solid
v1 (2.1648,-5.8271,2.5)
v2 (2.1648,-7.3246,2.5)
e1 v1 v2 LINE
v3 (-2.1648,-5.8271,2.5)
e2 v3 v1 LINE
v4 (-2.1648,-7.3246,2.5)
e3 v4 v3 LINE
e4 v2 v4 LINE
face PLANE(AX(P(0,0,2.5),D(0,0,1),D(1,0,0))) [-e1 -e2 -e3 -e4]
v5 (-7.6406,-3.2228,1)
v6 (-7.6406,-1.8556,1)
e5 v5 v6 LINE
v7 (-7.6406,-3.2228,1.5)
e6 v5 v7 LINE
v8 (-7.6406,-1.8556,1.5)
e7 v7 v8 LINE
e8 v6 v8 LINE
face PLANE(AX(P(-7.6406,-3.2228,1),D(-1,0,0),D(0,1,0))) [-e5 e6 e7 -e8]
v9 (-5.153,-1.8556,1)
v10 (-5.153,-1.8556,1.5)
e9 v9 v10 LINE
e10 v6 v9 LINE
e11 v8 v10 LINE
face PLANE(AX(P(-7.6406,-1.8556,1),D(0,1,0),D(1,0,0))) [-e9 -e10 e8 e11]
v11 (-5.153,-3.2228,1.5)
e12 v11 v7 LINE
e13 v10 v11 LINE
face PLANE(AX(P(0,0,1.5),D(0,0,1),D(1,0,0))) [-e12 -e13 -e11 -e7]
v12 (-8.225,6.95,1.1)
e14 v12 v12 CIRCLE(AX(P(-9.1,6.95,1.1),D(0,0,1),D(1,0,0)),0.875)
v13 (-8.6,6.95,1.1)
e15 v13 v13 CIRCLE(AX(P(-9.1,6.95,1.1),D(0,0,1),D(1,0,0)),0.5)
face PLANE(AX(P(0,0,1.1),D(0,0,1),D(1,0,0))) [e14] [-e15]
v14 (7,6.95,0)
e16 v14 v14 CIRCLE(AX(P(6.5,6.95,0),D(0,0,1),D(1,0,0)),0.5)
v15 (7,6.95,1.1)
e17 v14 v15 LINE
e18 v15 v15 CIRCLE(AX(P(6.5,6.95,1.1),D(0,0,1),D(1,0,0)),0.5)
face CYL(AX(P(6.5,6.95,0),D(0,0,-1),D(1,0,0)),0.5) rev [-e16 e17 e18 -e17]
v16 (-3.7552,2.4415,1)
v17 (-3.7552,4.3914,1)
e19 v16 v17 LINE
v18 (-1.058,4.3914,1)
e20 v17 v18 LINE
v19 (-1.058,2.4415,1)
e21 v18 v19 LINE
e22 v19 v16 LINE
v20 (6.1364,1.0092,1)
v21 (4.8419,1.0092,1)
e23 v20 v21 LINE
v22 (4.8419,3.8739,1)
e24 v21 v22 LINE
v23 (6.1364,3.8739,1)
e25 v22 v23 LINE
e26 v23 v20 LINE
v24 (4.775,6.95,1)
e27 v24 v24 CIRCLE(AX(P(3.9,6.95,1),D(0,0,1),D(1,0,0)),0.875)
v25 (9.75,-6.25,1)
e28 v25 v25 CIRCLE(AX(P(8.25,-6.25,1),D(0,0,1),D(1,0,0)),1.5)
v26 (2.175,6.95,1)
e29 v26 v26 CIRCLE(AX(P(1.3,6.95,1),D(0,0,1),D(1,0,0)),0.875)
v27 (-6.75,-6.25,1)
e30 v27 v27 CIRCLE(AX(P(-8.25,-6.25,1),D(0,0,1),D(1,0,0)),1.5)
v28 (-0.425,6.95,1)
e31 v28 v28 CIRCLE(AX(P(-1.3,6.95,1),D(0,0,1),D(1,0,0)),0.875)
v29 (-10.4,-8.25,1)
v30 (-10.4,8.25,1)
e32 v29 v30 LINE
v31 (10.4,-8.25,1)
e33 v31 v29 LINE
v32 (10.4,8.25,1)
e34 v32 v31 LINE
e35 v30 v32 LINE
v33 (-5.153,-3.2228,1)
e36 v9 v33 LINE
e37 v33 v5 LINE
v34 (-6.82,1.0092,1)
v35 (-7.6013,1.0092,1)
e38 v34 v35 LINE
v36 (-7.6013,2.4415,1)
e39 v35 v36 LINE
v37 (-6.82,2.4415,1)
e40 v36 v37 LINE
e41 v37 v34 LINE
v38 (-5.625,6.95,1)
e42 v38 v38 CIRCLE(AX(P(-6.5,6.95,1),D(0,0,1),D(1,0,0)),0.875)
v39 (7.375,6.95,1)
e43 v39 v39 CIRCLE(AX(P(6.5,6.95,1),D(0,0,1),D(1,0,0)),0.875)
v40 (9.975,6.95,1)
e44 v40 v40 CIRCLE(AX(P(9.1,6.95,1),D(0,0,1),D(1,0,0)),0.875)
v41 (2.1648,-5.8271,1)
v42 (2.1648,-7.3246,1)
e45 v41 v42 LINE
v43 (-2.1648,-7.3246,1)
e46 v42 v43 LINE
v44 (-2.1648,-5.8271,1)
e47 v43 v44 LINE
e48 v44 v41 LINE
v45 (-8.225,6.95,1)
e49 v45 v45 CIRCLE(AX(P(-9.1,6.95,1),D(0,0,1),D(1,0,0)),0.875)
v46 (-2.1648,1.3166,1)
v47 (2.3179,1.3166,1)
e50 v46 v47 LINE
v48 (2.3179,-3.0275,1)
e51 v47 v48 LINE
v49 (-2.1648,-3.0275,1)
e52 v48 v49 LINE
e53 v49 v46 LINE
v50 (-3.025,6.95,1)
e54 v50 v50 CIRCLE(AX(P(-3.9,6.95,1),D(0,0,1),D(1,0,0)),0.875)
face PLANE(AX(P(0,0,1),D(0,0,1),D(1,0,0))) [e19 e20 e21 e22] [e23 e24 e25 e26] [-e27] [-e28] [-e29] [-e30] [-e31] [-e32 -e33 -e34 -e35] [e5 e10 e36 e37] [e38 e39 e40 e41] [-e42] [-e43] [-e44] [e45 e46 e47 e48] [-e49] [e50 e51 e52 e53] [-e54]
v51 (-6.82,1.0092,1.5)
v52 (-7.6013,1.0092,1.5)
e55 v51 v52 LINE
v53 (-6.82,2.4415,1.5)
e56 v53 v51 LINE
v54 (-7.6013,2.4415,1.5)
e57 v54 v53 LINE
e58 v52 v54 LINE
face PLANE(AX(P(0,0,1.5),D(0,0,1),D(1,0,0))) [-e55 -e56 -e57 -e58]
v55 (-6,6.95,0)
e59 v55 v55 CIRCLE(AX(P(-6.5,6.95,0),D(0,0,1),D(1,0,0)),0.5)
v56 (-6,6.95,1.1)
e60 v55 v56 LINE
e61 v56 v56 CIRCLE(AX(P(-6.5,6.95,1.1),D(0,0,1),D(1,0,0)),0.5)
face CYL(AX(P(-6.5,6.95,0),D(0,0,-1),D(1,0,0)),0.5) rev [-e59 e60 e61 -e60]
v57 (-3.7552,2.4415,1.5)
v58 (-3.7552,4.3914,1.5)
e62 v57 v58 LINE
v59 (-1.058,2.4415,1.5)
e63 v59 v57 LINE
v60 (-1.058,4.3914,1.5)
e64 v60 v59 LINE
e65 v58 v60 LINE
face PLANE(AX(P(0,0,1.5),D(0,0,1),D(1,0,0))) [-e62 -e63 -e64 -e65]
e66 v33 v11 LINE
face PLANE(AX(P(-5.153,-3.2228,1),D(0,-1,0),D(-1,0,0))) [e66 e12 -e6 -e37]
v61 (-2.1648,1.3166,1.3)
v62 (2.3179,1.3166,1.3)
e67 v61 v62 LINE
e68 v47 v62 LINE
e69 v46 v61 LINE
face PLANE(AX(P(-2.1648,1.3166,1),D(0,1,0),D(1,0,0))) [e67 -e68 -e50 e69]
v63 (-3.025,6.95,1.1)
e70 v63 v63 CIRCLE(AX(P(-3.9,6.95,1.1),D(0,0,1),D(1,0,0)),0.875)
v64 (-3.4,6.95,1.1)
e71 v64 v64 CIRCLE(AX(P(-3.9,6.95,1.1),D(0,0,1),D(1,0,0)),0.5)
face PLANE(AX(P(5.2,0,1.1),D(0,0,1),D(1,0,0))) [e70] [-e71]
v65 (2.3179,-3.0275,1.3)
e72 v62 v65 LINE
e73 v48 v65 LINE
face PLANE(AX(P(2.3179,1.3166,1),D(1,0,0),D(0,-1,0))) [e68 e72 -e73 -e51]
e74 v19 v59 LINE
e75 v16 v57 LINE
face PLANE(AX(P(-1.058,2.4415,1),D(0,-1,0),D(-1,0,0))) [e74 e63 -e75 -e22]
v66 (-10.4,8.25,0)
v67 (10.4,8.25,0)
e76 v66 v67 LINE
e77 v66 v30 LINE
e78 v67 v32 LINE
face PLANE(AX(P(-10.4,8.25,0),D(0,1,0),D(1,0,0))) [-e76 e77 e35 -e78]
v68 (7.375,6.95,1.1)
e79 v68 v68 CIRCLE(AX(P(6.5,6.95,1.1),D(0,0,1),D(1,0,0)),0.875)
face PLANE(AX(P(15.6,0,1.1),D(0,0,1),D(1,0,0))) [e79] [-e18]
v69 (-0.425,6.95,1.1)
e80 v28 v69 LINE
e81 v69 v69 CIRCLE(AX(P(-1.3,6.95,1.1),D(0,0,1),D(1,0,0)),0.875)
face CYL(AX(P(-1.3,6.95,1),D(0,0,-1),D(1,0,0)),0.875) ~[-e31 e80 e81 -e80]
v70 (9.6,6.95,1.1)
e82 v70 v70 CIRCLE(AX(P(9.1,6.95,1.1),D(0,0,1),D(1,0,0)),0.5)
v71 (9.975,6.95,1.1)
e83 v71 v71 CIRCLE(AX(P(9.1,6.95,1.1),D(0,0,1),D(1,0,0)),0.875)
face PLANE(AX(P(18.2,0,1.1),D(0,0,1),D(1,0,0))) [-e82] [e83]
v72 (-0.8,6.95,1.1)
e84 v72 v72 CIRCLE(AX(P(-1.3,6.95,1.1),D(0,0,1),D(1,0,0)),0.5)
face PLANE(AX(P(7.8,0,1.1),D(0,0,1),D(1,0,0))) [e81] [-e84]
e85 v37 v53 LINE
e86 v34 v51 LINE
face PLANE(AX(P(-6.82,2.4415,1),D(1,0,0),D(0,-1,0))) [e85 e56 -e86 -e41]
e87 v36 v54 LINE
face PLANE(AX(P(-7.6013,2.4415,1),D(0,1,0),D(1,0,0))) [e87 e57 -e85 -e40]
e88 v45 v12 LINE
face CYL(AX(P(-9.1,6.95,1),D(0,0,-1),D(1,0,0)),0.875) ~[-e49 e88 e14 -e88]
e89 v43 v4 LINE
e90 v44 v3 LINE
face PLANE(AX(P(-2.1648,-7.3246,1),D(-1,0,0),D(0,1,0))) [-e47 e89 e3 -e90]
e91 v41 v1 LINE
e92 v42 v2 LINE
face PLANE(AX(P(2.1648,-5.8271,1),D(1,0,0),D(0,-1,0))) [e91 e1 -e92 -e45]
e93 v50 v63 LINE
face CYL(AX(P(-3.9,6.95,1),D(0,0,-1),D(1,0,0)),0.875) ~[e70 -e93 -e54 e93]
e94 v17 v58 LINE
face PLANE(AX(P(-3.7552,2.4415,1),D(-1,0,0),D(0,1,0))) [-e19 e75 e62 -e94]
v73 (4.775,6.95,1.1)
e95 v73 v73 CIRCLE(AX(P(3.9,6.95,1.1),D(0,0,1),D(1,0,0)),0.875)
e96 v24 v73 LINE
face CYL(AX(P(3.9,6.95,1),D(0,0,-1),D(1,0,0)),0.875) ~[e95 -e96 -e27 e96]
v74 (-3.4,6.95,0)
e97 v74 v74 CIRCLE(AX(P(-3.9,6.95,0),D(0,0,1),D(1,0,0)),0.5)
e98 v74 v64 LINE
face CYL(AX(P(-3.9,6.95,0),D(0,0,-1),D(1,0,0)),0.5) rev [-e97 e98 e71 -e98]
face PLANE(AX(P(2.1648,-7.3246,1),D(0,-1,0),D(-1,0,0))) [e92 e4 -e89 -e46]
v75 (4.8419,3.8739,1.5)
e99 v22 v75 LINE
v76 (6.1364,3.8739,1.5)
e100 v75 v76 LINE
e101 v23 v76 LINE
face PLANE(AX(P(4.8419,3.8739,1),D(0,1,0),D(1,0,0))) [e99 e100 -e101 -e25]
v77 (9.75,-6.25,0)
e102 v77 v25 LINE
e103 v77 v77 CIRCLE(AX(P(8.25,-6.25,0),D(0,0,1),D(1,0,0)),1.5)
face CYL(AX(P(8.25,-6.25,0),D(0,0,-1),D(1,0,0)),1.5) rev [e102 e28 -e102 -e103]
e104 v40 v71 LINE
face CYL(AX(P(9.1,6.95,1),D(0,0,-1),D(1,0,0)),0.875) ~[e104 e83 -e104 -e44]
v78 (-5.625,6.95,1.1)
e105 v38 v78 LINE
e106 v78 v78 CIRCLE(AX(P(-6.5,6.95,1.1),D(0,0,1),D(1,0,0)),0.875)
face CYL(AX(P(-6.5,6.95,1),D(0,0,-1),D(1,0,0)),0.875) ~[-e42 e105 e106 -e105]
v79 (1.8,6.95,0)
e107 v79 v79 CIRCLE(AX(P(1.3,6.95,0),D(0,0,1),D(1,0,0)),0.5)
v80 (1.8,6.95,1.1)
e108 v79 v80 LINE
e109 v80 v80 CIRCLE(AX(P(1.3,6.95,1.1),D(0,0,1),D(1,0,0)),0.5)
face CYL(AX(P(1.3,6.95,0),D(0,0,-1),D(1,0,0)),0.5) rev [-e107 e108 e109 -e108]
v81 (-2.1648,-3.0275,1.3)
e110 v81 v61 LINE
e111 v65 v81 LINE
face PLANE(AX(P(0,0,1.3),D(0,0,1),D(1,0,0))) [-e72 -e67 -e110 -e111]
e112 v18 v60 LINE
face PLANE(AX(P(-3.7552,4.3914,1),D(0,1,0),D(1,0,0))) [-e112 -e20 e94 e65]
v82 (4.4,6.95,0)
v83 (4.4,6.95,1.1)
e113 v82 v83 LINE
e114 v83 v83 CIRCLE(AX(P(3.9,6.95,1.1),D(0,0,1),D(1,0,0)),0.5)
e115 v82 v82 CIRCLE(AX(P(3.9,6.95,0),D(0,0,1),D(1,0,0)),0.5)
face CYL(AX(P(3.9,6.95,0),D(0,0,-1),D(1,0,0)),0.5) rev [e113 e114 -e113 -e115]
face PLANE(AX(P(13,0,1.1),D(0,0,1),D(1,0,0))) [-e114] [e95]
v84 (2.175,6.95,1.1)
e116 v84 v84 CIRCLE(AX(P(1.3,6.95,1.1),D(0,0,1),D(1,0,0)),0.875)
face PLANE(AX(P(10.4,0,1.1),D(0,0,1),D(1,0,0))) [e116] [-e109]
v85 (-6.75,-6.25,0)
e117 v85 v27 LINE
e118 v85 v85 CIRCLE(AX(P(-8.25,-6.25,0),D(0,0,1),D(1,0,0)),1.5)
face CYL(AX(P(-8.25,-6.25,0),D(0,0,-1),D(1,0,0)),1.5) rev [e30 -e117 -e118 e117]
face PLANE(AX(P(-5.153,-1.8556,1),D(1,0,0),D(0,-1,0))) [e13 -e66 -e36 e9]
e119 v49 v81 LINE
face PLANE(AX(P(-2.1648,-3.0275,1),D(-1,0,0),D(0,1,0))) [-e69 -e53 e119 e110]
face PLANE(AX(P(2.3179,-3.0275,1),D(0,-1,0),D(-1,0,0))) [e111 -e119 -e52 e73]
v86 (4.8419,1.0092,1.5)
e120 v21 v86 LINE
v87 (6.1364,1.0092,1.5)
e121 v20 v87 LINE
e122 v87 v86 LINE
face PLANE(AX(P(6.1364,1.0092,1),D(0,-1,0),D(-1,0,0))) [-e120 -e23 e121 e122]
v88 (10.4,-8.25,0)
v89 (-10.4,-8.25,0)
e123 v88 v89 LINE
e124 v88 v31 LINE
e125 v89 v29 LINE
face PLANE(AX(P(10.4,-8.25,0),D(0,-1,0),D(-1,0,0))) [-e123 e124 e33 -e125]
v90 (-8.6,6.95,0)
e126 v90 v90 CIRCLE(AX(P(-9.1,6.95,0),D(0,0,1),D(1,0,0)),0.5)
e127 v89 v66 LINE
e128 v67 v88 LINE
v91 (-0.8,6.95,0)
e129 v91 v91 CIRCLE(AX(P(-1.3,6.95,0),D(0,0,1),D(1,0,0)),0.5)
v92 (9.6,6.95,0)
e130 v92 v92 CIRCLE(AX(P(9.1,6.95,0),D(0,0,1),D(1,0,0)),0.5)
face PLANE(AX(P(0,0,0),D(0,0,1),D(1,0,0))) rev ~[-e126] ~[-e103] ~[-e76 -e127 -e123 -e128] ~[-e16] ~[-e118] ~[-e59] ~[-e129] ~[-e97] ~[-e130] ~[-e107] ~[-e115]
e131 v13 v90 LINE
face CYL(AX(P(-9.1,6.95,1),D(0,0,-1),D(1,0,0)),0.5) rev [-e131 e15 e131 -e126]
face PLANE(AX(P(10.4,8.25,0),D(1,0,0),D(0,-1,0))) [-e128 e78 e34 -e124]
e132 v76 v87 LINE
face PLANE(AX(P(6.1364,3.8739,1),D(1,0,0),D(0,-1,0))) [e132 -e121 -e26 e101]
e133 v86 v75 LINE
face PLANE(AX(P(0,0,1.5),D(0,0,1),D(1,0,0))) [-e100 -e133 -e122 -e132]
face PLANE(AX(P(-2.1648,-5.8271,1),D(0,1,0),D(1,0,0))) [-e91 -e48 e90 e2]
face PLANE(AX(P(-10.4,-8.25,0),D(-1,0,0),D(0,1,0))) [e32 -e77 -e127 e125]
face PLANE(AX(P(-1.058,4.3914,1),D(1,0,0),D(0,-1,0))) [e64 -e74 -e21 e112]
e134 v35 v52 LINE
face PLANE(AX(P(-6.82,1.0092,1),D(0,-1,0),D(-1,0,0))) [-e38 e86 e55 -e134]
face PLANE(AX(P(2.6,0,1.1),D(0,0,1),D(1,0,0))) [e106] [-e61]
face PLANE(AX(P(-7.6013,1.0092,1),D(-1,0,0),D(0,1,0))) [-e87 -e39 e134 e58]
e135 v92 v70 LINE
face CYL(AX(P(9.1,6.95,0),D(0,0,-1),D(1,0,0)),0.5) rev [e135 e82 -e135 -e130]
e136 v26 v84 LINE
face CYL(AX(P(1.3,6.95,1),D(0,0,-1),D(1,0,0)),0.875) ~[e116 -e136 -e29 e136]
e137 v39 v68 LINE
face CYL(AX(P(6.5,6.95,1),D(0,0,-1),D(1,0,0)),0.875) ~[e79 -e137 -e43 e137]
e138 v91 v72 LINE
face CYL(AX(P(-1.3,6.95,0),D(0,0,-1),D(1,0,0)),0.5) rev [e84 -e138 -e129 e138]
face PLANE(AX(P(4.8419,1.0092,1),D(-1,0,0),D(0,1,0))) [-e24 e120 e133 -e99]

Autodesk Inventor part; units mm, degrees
ref_plane "YZ Plane" through (0, 0, 0) normal (1, 0, 0) x (0, 1, 0)
ref_plane "XZ Plane" through (0, 0, 0) normal (0, 1, 0) x (-1, 0, 0)
ref_plane "XY Plane" through (0, 0, 0) normal (0, 0, 1) x (1, 0, 0)
sketch "Эскиз1" plane through (0, 0, 0) normal (0, 0, 1) x (1, 0, 0)
  line L0 (10.4, -8.25) -> (-10.4, -8.25)
  line L1 (-10.4, -8.25) -> (-10.4, 8.25)
  line L2 (-10.4, 8.25) -> (10.4, 8.25)
  line L3 (10.4, 8.25) -> (10.4, -8.25)
  line L4 (10.4, -8.25) -> (-10.4, 8.25) construction
  line L5 (-10.4, -8.25) -> (10.4, 8.25) construction
  circle A0 centre (-8.25, -6.25) radius 1.5
  circle A1 centre (8.25, -6.25) radius 1.5
  circle A2 centre (-9.1, 6.95) radius 0.5
  circle A3 centre (-9.1, 6.95) radius 0.875
  line L6 (-10.4, 6.95) -> (10.4, 6.95) construction
  point P0 (0, 0)
  dimension "d0" = 20.8
  dimension "d1" = 16.5
  dimension "d2" = 3
  dimension "d3" = 3
  dimension "d4" = 13.5
  dimension "d5" = 0.5
  dimension "d8" = 2.15
  dimension "d9" = 2.15
  dimension "d10" = 1
  dimension "d11" = 1.75
  dimension "d12" = 1.3
  dimension "d13" = 1.3
extrude "Выдавливание1" add sketch "Эскиз1" along normal blind 1 contours L0 L1 L2 L3 | A2 | A3
extrude "Выдавливание2" cut sketch "Эскиз1" along normal blind 1.5 contours A2
extrude "Выдавливание3" add sketch "Эскиз1" along normal blind 0.1 from surface at 1 contours A3
pattern_linear "Прямоуг.массив1" count 8 spacing 2.6 along (1, 0, 0) of "Выдавливание3", "Выдавливание2"
sketch "Эскиз2" plane through (0, 0, 1) normal (0, 0, 1) x (1, 0, 0)
  line L0 (2.3179, -3.0275) -> (-2.1648, -3.0275)
  line L1 (-2.1648, -3.0275) -> (-2.1648, 1.3166)
  line L2 (-2.1648, 1.3166) -> (2.3179, 1.3166)
  line L3 (2.3179, 1.3166) -> (2.3179, -3.0275)
  line L4 (2.3179, -3.0275) -> (-2.1648, 1.3166) construction
  line L5 (-2.1648, -3.0275) -> (2.3179, 1.3166) construction
  line L6 (-2.1648, -5.8271) -> (2.1648, -5.8271)
  line L7 (2.1648, -5.8271) -> (2.1648, -7.3246)
  line L8 (2.1648, -7.3246) -> (-2.1648, -7.3246)
  line L9 (-2.1648, -7.3246) -> (-2.1648, -5.8271)
  line L10 (-2.1648, -5.8271) -> (2.1648, -7.3246) construction
  line L11 (2.1648, -5.8271) -> (-2.1648, -7.3246) construction
  line L12 (-7.6013, 2.4415) -> (-6.82, 2.4415)
  line L13 (-6.82, 2.4415) -> (-6.82, 1.0092)
  line L14 (-6.82, 1.0092) -> (-7.6013, 1.0092)
  line L15 (-7.6013, 1.0092) -> (-7.6013, 2.4415)
  line L16 (-7.6013, 2.4415) -> (-6.82, 1.0092) construction
  line L17 (-6.82, 2.4415) -> (-7.6013, 1.0092) construction
  line L18 (4.8419, 3.8739) -> (6.1364, 3.8739)
  line L19 (6.1364, 3.8739) -> (6.1364, 1.0092)
  line L20 (6.1364, 1.0092) -> (4.8419, 1.0092)
  line L21 (4.8419, 1.0092) -> (4.8419, 3.8739)
  line L22 (4.8419, 3.8739) -> (6.1364, 1.0092) construction
  line L23 (6.1364, 3.8739) -> (4.8419, 1.0092) construction
  line L24 (-3.7552, 4.3914) -> (-1.058, 4.3914)
  line L25 (-1.058, 4.3914) -> (-1.058, 2.4415)
  line L26 (-1.058, 2.4415) -> (-3.7552, 2.4415)
  line L27 (-3.7552, 2.4415) -> (-3.7552, 4.3914)
  line L28 (-3.7552, 4.3914) -> (-1.058, 2.4415) construction
  line L29 (-1.058, 4.3914) -> (-3.7552, 2.4415) construction
  line L30 (-7.6406, -1.8556) -> (-5.153, -1.8556)
  line L31 (-5.153, -1.8556) -> (-5.153, -3.2228)
  line L32 (-5.153, -3.2228) -> (-7.6406, -3.2228)
  line L33 (-7.6406, -3.2228) -> (-7.6406, -1.8556)
  line L34 (-7.6406, -1.8556) -> (-5.153, -3.2228) construction
  line L35 (-5.153, -1.8556) -> (-7.6406, -3.2228) construction
  point P0 (0, 0)
  point P1 (0.0765, -0.8555)
  point P2 (0, -6.5758)
  point P3 (-7.2106, 1.7253)
  point P4 (5.4892, 2.4415)
  point P5 (-2.4066, 3.4165)
  point P6 (-6.3968, -2.5392)
extrude "Выдавливание4" add sketch "Эскиз2" along normal blind 0.3 contours L0 L1 L2 L3
extrude "Выдавливание5" add sketch "Эскиз2" along normal blind 1.5 contours L6 L7 L8 L9
extrude "Выдавливание6" add sketch "Эскиз2" along normal blind 0.5 contours L12 L13 L14 L15 | L18 L19 L20 L21 | L24 L25 L26 L27 | L30 L31 L32 L33
sketch "Эскиз3" plane through (0, 0, 1.3) normal (0, 0, 1) x (1, 0, 0)
  line L0 (2.3179, 1.3166) -> (-2.1648, 1.3166) construction
  line L1 (-2.1648, 1.3166) -> (-2.1648, -3.0275) construction
  line L2 (-2.1648, -3.0275) -> (2.3179, -3.0275) construction
  line L3 (2.3179, -3.0275) -> (2.3179, 1.3166) construction
  point P0 (0, 0)
  point P1 (0.0765, -0.8555)
  point P2 (0.0765, 1.3166)
  point P3 (2.3179, -0.8555)
equation "\"d8\" = d9"
equation "\"d13\" = 0.0625 * d0"
equation "\"d22\" = 2 * d13"
properties part number "MPU6050"
